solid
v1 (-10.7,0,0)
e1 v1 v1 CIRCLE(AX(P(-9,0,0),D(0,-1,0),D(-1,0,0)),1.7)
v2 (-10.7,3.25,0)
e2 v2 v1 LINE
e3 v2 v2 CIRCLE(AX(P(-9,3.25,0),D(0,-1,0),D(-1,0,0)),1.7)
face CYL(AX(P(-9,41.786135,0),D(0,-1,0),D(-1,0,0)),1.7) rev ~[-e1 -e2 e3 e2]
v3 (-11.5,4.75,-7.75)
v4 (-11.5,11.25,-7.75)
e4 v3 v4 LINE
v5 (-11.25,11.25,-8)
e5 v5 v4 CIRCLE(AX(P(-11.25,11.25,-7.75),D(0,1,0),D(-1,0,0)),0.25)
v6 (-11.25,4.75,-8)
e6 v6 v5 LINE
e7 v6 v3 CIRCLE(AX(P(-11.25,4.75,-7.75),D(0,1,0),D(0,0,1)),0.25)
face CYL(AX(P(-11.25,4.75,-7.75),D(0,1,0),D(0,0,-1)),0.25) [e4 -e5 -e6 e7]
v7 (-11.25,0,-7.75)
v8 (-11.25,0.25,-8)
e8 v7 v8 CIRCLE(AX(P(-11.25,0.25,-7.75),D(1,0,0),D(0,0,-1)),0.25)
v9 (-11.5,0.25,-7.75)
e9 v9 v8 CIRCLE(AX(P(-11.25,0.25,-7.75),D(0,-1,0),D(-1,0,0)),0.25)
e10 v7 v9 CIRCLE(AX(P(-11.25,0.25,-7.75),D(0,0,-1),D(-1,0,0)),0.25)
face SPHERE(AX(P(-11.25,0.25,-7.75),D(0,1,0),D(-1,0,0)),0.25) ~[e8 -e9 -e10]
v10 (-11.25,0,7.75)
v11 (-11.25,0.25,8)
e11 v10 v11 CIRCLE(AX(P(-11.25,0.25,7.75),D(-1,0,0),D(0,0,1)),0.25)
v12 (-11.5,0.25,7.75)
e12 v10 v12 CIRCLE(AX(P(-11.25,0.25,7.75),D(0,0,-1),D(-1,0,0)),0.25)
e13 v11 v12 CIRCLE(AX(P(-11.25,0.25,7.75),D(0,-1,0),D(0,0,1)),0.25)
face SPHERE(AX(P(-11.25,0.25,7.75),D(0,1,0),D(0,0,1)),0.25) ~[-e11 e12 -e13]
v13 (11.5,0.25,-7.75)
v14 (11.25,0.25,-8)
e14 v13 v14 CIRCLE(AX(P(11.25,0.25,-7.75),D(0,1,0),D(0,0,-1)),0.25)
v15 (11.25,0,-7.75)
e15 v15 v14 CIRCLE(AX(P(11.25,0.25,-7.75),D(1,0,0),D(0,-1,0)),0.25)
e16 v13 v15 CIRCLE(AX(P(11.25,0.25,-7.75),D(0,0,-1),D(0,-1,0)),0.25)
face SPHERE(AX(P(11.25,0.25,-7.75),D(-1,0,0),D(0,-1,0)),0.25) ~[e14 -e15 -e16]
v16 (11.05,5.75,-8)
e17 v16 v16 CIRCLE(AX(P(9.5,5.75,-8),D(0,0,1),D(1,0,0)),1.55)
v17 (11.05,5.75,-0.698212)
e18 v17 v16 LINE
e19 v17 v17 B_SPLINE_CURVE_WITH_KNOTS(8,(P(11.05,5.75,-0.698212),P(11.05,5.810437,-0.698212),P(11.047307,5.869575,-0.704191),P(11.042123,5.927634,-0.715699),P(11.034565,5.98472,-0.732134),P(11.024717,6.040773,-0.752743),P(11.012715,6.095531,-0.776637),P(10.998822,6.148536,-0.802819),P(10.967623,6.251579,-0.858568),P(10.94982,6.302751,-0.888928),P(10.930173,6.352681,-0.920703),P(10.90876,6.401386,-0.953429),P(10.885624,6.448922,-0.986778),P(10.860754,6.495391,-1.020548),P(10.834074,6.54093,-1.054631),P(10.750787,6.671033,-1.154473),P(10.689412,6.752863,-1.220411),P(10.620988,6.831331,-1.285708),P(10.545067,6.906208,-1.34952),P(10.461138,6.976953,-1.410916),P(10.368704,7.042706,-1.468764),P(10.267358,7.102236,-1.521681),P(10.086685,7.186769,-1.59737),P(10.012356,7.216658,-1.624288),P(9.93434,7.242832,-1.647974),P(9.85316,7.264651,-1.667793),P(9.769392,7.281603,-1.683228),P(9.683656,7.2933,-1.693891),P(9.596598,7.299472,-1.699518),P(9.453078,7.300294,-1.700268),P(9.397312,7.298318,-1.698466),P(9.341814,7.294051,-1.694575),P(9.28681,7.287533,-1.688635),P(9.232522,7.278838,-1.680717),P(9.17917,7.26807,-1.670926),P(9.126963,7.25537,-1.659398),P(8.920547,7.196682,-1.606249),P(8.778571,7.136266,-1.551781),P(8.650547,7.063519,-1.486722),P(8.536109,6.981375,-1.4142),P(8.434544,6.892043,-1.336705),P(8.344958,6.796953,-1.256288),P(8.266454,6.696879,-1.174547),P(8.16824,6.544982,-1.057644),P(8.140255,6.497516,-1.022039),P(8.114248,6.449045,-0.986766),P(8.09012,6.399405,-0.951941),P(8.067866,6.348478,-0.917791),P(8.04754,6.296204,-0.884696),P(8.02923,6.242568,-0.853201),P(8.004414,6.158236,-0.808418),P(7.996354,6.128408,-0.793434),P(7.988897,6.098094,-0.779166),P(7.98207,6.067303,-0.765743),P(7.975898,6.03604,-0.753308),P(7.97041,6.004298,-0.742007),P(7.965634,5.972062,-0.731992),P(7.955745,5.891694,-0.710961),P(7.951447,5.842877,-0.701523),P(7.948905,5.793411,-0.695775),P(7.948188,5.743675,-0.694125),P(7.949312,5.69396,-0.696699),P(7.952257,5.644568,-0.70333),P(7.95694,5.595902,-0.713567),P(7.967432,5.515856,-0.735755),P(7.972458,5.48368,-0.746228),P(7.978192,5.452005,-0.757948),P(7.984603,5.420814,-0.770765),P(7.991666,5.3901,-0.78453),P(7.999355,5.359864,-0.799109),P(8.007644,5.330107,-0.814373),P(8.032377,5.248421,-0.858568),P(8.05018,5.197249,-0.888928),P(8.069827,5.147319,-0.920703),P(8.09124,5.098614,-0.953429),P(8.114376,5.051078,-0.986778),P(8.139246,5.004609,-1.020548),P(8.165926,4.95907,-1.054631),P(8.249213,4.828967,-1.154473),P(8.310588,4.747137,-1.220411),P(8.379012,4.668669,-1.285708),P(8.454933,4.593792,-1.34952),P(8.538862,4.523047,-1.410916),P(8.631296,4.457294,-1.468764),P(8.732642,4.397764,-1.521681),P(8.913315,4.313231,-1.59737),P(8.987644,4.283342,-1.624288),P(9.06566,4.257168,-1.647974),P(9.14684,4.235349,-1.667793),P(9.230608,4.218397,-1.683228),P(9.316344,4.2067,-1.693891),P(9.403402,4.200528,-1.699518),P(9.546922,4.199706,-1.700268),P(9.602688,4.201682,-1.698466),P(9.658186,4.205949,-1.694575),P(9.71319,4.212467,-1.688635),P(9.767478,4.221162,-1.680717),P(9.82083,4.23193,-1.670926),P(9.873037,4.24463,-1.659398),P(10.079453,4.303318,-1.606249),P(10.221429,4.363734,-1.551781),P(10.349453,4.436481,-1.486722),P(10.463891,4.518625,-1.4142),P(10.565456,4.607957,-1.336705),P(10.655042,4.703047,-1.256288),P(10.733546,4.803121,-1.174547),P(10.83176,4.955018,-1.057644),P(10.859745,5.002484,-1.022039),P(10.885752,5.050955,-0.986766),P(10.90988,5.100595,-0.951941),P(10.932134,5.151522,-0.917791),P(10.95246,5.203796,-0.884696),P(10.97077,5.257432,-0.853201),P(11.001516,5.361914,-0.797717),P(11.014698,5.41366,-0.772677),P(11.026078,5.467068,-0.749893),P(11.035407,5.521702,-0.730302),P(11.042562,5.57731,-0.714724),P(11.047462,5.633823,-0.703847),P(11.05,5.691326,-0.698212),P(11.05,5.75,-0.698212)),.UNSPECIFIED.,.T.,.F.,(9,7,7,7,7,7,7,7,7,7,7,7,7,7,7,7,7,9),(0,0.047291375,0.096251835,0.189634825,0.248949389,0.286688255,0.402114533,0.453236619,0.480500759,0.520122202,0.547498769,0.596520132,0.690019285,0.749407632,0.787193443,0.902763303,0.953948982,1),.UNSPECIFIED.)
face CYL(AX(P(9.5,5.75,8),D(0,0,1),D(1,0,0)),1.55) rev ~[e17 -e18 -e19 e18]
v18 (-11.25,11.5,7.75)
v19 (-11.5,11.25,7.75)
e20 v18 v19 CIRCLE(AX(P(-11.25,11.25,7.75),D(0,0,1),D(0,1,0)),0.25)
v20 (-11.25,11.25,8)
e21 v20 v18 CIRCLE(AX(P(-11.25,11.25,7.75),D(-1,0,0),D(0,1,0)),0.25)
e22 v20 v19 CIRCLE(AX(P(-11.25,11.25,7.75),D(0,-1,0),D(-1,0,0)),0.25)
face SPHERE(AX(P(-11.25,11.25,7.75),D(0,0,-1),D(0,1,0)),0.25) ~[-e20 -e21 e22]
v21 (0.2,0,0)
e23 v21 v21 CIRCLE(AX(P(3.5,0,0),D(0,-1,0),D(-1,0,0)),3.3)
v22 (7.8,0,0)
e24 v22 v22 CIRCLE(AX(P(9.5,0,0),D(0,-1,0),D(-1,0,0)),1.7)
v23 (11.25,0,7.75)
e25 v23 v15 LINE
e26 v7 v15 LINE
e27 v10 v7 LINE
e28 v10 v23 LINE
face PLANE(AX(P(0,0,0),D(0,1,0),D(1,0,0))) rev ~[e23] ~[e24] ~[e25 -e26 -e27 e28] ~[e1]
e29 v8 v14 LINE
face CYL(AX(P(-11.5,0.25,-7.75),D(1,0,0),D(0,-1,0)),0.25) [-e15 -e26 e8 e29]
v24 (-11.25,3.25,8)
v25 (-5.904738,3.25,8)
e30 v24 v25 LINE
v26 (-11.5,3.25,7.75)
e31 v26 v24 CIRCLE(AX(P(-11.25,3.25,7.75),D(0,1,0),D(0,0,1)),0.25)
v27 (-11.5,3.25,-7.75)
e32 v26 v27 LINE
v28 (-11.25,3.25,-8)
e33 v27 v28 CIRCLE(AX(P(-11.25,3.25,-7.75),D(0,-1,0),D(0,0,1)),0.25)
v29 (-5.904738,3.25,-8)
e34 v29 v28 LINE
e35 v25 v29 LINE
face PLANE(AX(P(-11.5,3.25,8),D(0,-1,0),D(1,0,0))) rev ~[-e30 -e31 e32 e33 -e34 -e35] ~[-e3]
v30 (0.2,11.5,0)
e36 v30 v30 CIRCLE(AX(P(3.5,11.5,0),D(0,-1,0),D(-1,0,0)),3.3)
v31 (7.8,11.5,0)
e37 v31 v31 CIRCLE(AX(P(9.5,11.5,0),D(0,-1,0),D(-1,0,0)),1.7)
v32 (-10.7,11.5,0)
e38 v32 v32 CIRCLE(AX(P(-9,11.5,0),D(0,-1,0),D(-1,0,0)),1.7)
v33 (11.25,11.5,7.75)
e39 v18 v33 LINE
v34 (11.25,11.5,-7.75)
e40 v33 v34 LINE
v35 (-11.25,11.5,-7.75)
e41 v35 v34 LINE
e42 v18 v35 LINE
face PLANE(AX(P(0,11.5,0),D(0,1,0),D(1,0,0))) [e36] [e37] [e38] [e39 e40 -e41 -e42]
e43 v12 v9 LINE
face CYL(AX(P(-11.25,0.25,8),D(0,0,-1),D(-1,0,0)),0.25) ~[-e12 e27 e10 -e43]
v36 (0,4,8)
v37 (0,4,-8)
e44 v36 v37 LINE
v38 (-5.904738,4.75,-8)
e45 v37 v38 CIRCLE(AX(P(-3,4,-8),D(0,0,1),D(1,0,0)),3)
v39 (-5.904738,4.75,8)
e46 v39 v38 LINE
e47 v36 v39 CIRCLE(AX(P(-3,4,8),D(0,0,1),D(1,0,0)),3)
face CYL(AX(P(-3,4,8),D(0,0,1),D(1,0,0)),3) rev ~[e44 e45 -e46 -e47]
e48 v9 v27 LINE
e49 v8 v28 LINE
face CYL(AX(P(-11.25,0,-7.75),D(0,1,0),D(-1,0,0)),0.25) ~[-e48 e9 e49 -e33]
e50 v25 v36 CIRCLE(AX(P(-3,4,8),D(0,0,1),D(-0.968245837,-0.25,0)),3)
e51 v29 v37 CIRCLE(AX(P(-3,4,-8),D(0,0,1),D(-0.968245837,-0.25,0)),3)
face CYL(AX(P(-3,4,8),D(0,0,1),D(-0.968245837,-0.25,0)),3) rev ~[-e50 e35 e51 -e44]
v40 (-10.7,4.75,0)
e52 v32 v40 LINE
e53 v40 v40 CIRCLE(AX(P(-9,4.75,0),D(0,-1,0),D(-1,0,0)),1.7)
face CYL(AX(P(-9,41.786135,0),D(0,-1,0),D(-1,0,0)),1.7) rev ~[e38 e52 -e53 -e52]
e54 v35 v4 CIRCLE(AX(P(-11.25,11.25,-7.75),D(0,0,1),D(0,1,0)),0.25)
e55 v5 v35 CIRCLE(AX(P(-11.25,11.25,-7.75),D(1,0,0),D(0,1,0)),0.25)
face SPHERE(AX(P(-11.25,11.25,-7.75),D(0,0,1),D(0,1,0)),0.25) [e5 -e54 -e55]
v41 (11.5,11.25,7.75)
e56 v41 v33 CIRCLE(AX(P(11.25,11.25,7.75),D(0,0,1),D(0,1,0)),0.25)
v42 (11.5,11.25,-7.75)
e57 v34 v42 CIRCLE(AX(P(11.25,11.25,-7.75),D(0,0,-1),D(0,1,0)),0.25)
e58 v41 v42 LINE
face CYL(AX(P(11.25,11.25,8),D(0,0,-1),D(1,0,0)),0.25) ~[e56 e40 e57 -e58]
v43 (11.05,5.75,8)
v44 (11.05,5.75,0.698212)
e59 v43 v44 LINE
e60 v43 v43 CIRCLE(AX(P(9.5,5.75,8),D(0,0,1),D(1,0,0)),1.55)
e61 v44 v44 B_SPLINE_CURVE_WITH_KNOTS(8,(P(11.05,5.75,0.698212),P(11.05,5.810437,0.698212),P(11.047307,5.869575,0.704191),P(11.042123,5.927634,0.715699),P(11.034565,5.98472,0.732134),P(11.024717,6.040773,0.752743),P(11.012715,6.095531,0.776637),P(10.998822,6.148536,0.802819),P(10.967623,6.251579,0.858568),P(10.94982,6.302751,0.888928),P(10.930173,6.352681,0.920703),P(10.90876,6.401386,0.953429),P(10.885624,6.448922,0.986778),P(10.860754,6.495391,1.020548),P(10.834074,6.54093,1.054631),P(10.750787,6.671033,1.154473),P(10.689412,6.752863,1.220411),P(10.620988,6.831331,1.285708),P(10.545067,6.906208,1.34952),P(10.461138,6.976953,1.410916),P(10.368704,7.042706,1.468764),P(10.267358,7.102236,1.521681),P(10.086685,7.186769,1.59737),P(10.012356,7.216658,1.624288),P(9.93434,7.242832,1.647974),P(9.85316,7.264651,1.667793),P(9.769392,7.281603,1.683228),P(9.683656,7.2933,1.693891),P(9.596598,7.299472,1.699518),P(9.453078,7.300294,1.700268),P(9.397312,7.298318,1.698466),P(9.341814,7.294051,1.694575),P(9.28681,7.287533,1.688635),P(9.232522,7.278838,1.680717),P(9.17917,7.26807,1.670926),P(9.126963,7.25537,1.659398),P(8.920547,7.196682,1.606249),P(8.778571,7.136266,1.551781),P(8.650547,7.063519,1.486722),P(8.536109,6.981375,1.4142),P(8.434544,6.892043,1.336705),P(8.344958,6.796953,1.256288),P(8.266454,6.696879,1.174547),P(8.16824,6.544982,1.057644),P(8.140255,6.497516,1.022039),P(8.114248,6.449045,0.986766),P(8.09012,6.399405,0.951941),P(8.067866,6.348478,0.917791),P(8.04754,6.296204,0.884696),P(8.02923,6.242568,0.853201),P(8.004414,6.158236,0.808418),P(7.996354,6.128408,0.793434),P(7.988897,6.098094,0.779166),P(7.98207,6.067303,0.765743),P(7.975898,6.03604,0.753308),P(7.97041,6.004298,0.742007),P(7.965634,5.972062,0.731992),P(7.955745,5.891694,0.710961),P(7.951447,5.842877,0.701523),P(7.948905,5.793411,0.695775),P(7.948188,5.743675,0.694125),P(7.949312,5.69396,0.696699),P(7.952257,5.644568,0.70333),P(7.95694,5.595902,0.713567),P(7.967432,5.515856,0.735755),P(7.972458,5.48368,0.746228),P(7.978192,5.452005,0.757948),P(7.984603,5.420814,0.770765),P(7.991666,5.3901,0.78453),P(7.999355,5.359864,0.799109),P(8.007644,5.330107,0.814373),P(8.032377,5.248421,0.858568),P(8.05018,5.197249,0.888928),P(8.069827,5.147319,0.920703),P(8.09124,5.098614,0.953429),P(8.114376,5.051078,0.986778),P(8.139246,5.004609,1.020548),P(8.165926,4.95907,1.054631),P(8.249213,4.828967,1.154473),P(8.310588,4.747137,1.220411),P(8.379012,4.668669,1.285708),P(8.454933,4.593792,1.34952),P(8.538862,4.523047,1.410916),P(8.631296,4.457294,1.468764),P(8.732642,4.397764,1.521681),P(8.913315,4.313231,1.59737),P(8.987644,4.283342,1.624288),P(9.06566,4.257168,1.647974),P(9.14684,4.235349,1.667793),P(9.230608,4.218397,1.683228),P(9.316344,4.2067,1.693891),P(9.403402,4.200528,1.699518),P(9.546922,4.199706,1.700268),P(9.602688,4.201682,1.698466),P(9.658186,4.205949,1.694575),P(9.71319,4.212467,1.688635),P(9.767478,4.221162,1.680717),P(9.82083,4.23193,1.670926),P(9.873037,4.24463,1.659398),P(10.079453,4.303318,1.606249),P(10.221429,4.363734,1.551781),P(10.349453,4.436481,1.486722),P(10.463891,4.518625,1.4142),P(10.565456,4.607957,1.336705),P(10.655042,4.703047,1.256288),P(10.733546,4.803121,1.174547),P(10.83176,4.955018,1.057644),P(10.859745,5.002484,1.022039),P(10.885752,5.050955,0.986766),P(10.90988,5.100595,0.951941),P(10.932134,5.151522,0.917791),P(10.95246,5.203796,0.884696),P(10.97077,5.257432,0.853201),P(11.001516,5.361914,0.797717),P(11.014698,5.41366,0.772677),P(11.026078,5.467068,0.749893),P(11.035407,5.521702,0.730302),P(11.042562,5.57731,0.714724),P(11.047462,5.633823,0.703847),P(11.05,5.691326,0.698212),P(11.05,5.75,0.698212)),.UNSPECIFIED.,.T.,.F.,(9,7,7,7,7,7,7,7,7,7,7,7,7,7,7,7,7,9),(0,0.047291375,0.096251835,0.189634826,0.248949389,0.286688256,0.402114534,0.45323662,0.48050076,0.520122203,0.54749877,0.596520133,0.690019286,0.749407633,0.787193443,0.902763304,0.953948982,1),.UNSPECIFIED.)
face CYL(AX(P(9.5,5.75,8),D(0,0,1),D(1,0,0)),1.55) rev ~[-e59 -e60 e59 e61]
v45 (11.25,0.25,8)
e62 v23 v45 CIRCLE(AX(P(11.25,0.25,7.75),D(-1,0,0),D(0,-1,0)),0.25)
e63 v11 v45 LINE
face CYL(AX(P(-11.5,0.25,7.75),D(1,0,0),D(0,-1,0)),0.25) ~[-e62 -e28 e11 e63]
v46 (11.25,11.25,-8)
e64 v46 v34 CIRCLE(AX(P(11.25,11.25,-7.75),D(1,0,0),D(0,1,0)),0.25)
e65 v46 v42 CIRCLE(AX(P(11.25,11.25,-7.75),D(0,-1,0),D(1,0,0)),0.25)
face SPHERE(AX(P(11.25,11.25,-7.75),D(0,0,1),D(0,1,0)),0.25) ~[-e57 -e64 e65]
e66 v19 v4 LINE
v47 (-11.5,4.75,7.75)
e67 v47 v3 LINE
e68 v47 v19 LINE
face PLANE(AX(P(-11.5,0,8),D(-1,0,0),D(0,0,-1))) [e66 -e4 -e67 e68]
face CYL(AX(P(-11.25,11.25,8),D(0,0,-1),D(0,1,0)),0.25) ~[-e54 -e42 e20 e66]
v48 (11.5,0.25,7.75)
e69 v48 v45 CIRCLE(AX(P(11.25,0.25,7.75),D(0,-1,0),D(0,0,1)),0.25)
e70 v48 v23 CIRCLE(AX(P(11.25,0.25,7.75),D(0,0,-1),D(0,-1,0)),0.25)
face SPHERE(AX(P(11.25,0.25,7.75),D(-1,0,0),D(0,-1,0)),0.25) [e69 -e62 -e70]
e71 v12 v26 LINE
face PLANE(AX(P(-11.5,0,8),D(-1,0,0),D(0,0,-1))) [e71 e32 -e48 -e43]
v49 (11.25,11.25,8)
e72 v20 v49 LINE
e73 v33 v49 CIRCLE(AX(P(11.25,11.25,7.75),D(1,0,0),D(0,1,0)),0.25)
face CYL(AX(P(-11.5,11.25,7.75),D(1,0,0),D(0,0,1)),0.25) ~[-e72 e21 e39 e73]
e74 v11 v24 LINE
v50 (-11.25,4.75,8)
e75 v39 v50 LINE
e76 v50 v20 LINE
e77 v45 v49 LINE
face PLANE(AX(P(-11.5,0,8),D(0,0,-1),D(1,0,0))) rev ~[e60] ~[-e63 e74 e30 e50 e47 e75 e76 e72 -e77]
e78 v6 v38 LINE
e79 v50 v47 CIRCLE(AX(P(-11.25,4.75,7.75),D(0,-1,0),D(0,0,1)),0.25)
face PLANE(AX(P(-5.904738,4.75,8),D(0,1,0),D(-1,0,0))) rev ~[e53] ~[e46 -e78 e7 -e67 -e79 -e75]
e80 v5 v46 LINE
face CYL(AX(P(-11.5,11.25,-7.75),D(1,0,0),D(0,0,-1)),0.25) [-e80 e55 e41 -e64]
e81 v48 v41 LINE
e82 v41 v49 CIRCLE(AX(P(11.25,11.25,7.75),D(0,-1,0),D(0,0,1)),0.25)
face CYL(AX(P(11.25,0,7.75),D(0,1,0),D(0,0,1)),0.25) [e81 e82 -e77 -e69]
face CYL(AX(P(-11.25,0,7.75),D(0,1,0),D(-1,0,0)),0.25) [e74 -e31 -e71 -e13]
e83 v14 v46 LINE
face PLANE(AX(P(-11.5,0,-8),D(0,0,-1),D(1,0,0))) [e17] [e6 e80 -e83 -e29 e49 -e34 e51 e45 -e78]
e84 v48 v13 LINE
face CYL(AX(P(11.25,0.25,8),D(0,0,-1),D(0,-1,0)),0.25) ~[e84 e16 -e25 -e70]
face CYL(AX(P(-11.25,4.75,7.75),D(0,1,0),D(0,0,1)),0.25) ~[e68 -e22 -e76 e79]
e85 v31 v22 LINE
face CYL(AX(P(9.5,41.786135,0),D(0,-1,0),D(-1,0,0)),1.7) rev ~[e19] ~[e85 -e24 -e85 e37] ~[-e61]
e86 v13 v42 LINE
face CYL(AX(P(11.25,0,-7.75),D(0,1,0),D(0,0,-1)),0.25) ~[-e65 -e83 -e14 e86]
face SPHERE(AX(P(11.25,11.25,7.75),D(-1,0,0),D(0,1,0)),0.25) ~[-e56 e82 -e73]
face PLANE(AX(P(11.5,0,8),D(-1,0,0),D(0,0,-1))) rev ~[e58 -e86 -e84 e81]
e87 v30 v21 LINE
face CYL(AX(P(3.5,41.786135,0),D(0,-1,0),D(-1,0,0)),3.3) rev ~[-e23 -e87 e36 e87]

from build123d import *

# Parameters (mm, degrees)
SKETCH1_W            = 23
SKETCH1_H            = 16
BOSS_EXTRUDE1_DEPTH  = 11.5
M6_CLEARANCE_HOLE3_D = 6.6
M3_CLEARANCE_HOLE1_D = 3.4
SKETCH9_R            = 1.55
CUT_EXTRUDE1_DEPTH   = 23.814469093
FILLET1_R            = 0.25


with BuildPart() as part:
    # Sketch1 → Boss-Extrude1 (new body)
    with BuildSketch(Plane(origin=(0, 0, 0), x_dir=(1, 0, 0), z_dir=(0, 1, 0))):
        Rectangle(SKETCH1_W, SKETCH1_H)
    extrude(amount=BOSS_EXTRUDE1_DEPTH)

    # M6 Clearance Hole3 (through all)
    with Locations(Plane(origin=(0, 11.5, 0), x_dir=(1, 0, 0), z_dir=(0, 1, 0))):
        with Locations((3.5, 0)):
            Hole(M6_CLEARANCE_HOLE3_D / 2)

    # M3 Clearance Hole1 (through all)
    with Locations(Plane(origin=(0, 11.5, 0), x_dir=(1, 0, 0), z_dir=(0, 1, 0))):
        with Locations((-9, 0), (9.5, 0)):
            Hole(M3_CLEARANCE_HOLE1_D / 2)

    # Sketch9 → Cut-Extrude1 (cut, through all)
    with BuildSketch(Plane.XY.offset(8)):
        with BuildLine():
            ThreePointArc((-5.90473751, 3.25), (-6, 4), (-5.90473751, 4.75))
            Line((-5.90473751, 4.75), (-11.5, 4.75))
            Line((-11.5, 4.75), (-11.5, 3.25))
            Line((-11.5, 3.25), (-5.90473751, 3.25))
        make_face()
        with BuildLine():
            ThreePointArc((0, 4), (-2.621987123, 6.976089089), (-5.90473751, 4.75))
            Line((-5.90473751, 4.75), (-5.90473751, 3.25))
            ThreePointArc((-5.90473751, 3.25), (-2.621987123, 1.023910911), (0, 4))
        make_face()
        with BuildLine():
            Line((-5.90473751, 3.25), (-5.90473751, 4.75))
            ThreePointArc((-5.90473751, 4.75), (-6, 4), (-5.90473751, 3.25))
        make_face()
        with Locations((9.5, 5.75)):
            Circle(SKETCH9_R)
    extrude(amount=-CUT_EXTRUDE1_DEPTH, mode=Mode.SUBTRACT)

    # Fillet1
    fillet1_edges = [part.edges().sort_by_distance(p)[0] for p in [
        (-11.5, 11.5, 0),
        (0, 11.5, 8),
        (-11.5, 1.625, 8),
        (-11.5, 1.625, -8),
        (11.5, 11.5, 0),
        (0, 0, 8),
        (-11.5, 0, 0),
        (0, 0, -8),
        (11.5, 0, 0),
        (0, 11.5, -8),
        (11.5, 5.75, 8),
        (-11.5, 8.125, 8),
        (-11.5, 8.125, -8),
        (11.5, 5.75, -8),
    ]]
    fillet(fillet1_edges, radius=FILLET1_R)


solid = part.part
